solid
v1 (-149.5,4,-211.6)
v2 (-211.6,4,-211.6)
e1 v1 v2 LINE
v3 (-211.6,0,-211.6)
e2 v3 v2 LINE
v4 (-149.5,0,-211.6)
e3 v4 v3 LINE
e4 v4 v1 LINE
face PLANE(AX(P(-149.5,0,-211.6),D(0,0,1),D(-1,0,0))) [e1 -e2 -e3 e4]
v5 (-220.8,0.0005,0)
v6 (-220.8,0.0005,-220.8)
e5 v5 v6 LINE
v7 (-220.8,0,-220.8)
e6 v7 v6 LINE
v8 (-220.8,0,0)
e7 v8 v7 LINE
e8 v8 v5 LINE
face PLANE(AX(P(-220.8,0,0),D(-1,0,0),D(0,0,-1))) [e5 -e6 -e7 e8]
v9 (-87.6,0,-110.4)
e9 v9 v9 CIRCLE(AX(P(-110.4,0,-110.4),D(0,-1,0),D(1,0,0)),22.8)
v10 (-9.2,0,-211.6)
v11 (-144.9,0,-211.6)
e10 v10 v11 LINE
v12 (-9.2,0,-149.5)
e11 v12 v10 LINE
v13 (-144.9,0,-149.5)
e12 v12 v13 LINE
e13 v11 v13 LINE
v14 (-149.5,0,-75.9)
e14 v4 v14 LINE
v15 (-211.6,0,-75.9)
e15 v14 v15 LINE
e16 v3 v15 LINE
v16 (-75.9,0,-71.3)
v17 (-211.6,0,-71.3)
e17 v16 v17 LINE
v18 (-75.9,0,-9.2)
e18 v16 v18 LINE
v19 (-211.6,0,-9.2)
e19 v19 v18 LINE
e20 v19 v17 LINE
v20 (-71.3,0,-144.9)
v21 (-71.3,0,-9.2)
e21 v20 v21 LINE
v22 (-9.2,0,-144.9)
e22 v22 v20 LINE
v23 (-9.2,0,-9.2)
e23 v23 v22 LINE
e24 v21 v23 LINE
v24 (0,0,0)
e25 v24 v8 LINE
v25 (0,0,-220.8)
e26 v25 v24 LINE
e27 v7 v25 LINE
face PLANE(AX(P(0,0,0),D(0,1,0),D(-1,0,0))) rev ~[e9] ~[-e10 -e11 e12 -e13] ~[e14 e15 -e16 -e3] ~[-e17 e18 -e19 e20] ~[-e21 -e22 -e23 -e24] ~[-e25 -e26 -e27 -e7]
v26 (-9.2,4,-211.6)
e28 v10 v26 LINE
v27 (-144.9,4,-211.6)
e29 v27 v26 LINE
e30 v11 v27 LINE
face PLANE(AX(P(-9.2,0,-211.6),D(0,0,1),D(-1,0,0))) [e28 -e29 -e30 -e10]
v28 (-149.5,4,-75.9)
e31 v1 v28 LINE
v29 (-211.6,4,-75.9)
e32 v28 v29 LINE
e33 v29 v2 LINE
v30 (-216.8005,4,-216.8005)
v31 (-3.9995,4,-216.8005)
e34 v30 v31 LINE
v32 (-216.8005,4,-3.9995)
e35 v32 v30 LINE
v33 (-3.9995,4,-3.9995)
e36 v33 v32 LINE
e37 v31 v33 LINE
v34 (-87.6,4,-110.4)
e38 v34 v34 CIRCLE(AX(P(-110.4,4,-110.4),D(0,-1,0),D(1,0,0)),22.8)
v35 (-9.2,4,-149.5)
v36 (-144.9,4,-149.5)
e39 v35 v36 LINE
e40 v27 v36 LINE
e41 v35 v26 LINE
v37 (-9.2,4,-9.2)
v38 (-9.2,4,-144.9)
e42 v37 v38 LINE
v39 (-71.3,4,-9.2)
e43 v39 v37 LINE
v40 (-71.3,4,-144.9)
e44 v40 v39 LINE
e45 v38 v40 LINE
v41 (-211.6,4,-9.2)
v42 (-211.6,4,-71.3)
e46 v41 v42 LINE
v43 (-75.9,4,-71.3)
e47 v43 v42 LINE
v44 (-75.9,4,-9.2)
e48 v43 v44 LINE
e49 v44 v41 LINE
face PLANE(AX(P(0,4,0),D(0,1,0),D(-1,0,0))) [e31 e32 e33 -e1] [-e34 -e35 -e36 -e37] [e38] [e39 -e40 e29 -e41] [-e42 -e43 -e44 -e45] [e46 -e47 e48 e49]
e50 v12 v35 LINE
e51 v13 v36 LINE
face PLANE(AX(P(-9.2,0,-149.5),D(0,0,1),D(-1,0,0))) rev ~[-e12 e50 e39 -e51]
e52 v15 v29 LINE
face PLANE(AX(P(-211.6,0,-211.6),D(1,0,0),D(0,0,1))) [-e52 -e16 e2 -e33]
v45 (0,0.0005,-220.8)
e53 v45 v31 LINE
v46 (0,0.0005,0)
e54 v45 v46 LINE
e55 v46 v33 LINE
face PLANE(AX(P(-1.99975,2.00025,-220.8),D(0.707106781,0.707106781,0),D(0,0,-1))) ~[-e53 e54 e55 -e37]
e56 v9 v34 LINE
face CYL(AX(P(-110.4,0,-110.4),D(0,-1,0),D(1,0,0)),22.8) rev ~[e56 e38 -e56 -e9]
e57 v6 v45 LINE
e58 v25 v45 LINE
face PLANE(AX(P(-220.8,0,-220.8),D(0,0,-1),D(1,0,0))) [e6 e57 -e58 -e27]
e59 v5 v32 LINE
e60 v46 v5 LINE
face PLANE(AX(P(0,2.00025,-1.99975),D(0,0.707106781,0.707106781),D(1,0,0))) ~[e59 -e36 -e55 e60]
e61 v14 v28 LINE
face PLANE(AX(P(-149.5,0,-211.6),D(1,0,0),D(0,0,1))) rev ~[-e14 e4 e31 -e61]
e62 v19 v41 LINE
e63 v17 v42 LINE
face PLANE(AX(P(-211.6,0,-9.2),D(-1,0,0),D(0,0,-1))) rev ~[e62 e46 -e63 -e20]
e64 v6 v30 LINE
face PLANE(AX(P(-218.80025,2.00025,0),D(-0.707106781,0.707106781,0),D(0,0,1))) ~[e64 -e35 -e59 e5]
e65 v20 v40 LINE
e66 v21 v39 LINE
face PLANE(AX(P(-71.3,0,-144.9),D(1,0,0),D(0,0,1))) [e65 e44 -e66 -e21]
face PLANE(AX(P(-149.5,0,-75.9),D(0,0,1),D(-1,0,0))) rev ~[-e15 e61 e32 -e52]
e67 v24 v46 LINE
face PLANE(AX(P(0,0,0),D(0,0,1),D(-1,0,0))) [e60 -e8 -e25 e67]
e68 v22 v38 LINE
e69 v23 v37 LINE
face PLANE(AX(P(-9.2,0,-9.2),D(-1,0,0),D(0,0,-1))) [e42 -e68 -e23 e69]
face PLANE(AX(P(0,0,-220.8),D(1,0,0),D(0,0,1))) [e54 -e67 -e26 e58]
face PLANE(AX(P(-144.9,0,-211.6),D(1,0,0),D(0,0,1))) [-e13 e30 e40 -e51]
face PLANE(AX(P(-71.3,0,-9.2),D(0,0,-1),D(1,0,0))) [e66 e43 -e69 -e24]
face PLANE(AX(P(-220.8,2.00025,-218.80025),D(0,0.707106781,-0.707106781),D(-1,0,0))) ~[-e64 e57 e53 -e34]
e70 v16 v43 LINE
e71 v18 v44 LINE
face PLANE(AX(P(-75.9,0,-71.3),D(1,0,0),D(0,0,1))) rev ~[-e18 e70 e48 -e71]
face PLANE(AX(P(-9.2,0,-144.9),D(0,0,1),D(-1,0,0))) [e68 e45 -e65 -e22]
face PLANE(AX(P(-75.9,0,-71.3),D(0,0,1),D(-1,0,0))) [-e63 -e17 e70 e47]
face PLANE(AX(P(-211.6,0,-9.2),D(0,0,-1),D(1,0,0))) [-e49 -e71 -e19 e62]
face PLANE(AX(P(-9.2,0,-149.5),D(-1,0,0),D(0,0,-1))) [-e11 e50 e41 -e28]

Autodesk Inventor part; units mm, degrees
ref_plane "YZ Plane" through (0, 0, 0) normal (1, 0, 0) x (0, 1, 0)
ref_plane "XZ Plane" through (0, 0, 0) normal (0, 1, 0) x (-1, 0, 0)
ref_plane "XY Plane" through (0, 0, 0) normal (0, 0, 1) x (1, 0, 0)
sketch "Boceto1" plane through (0, 0, 0) normal (0, 1, 0) x (-1, 0, 0)
  line L0 (0, 0) -> (220.8, 0)
  line L1 (220.8, 0) -> (220.8, -220.8)
  line L2 (220.8, -220.8) -> (0, -220.8)
  line L3 (0, -220.8) -> (0, 0)
  line L4 (211.6, -211.6) -> (211.6, -147.2)
  line L5 (211.6, -9.2) -> (156.4, -9.2)
  line L6 (9.2, -211.6) -> (73.6, -211.6)
  line L7 (73.6, -211.6) -> (73.6, -209.3)
  line L8 (75.9, -71.3) -> (211.6, -71.3)
  line L9 (149.5, -211.6) -> (149.5, -75.9)
  line L10 (211.6, -9.2) -> (211.6, -71.3)
  line L11 (211.6, -75.9) -> (211.6, -82.8)
  line L12 (211.6, -211.6) -> (211.6, -75.9)
  line L13 (211.6, -71.3) -> (211.6, -9.2)
  line L14 (75.9, -75.9) -> (144.9, -75.9)
  line L15 (149.5, -75.9) -> (211.6, -75.9)
  line L16 (9.2, -149.5) -> (144.9, -149.5)
  line L17 (144.9, -211.6) -> (144.9, -149.5)
  line L18 (144.9, -144.9) -> (144.9, -75.9)
  line L19 (71.3, -144.9) -> (71.3, -9.2)
  line L20 (9.2, -144.9) -> (71.3, -144.9)
  line L21 (75.9, -144.9) -> (144.9, -144.9)
  line L22 (75.9, -144.9) -> (75.9, -75.9)
  line L23 (75.9, -71.3) -> (75.9, -9.2)
  line L24 (211.6, -9.2) -> (75.9, -9.2)
  line L25 (71.3, -9.2) -> (9.2, -9.2)
  line L26 (9.2, -9.2) -> (9.2, -144.9)
  line L27 (9.2, -149.5) -> (9.2, -211.6)
  line L28 (9.2, -211.6) -> (144.9, -211.6)
  line L29 (149.5, -211.6) -> (211.6, -211.6)
  dimension "d0" = 220.8
  dimension "d1" = 220.8
extrude "Extrusión1" add sketch "Boceto1" along normal blind 4
chamfer "Chaflán1" distance 4 angle 45 4 edges at (-220.8, 4, -110.4) (-110.4, 4, 0) (0, 4, -110.4) (-110.4, 4, -220.8) measured on face at (-121.9, 4, -217.7333)
sketch "Boceto2" plane through (0, 0, 0) normal (0, -1, 0) x (1, 0, 0)
  line L0 (-216.8, -4) -> (-216.8, -216.8) projected
  line L1 (0, -220.8) -> (-220.8, -220.8) projected
  line L2 (0, 0) -> (0, -220.8) projected
  line L3 (-220.8, 0) -> (0, 0) projected
  line L4 (-220.8, -220.8) -> (-220.8, 0) projected
  line L5 (-9.2, -211.6) -> (-9.2, -149.5) projected
  line L6 (-144.9, -211.6) -> (-9.2, -211.6) projected
  line L7 (-144.9, -149.5) -> (-144.9, -211.6) projected
  line L8 (-9.2, -149.5) -> (-144.9, -149.5) projected
  line L9 (-71.3, -144.9) -> (-9.2, -144.9) projected
  line L10 (-71.3, -9.2) -> (-71.3, -144.9) projected
  line L11 (-9.2, -9.2) -> (-71.3, -9.2) projected
  line L12 (-9.2, -144.9) -> (-9.2, -9.2) projected
  line L13 (-75.9, -144.9) -> (-75.9, -75.9) projected
  line L14 (-144.9, -144.9) -> (-75.9, -144.9) projected
  line L15 (-144.9, -75.9) -> (-144.9, -144.9) projected
  line L16 (-75.9, -75.9) -> (-144.9, -75.9) projected
  line L17 (-149.5, -75.9) -> (-211.6, -75.9) projected
  line L18 (-149.5, -211.6) -> (-149.5, -75.9) projected
  line L19 (-211.6, -211.6) -> (-149.5, -211.6) projected
  line L20 (-211.6, -75.9) -> (-211.6, -211.6) projected
  line L21 (-75.9, -71.3) -> (-75.9, -9.2) projected
  line L22 (-211.6, -71.3) -> (-75.9, -71.3) projected
  line L23 (-211.6, -9.2) -> (-211.6, -71.3) projected
  line L24 (-75.9, -9.2) -> (-211.6, -9.2) projected
  circle A0 centre (-110.4, -110.4) radius 34.5
  circle A1 centre (-110.4, -110.4) radius 22.8
  dimension "d31" = 45.6
extrude "Extrusión2" add sketch "Boceto2" against normal blind 4 contours L14 A0 L13 | A0 L16 L13 | A0 | L14 L15 A0 | A0 L15 L16
properties part number "Lampara2base"
